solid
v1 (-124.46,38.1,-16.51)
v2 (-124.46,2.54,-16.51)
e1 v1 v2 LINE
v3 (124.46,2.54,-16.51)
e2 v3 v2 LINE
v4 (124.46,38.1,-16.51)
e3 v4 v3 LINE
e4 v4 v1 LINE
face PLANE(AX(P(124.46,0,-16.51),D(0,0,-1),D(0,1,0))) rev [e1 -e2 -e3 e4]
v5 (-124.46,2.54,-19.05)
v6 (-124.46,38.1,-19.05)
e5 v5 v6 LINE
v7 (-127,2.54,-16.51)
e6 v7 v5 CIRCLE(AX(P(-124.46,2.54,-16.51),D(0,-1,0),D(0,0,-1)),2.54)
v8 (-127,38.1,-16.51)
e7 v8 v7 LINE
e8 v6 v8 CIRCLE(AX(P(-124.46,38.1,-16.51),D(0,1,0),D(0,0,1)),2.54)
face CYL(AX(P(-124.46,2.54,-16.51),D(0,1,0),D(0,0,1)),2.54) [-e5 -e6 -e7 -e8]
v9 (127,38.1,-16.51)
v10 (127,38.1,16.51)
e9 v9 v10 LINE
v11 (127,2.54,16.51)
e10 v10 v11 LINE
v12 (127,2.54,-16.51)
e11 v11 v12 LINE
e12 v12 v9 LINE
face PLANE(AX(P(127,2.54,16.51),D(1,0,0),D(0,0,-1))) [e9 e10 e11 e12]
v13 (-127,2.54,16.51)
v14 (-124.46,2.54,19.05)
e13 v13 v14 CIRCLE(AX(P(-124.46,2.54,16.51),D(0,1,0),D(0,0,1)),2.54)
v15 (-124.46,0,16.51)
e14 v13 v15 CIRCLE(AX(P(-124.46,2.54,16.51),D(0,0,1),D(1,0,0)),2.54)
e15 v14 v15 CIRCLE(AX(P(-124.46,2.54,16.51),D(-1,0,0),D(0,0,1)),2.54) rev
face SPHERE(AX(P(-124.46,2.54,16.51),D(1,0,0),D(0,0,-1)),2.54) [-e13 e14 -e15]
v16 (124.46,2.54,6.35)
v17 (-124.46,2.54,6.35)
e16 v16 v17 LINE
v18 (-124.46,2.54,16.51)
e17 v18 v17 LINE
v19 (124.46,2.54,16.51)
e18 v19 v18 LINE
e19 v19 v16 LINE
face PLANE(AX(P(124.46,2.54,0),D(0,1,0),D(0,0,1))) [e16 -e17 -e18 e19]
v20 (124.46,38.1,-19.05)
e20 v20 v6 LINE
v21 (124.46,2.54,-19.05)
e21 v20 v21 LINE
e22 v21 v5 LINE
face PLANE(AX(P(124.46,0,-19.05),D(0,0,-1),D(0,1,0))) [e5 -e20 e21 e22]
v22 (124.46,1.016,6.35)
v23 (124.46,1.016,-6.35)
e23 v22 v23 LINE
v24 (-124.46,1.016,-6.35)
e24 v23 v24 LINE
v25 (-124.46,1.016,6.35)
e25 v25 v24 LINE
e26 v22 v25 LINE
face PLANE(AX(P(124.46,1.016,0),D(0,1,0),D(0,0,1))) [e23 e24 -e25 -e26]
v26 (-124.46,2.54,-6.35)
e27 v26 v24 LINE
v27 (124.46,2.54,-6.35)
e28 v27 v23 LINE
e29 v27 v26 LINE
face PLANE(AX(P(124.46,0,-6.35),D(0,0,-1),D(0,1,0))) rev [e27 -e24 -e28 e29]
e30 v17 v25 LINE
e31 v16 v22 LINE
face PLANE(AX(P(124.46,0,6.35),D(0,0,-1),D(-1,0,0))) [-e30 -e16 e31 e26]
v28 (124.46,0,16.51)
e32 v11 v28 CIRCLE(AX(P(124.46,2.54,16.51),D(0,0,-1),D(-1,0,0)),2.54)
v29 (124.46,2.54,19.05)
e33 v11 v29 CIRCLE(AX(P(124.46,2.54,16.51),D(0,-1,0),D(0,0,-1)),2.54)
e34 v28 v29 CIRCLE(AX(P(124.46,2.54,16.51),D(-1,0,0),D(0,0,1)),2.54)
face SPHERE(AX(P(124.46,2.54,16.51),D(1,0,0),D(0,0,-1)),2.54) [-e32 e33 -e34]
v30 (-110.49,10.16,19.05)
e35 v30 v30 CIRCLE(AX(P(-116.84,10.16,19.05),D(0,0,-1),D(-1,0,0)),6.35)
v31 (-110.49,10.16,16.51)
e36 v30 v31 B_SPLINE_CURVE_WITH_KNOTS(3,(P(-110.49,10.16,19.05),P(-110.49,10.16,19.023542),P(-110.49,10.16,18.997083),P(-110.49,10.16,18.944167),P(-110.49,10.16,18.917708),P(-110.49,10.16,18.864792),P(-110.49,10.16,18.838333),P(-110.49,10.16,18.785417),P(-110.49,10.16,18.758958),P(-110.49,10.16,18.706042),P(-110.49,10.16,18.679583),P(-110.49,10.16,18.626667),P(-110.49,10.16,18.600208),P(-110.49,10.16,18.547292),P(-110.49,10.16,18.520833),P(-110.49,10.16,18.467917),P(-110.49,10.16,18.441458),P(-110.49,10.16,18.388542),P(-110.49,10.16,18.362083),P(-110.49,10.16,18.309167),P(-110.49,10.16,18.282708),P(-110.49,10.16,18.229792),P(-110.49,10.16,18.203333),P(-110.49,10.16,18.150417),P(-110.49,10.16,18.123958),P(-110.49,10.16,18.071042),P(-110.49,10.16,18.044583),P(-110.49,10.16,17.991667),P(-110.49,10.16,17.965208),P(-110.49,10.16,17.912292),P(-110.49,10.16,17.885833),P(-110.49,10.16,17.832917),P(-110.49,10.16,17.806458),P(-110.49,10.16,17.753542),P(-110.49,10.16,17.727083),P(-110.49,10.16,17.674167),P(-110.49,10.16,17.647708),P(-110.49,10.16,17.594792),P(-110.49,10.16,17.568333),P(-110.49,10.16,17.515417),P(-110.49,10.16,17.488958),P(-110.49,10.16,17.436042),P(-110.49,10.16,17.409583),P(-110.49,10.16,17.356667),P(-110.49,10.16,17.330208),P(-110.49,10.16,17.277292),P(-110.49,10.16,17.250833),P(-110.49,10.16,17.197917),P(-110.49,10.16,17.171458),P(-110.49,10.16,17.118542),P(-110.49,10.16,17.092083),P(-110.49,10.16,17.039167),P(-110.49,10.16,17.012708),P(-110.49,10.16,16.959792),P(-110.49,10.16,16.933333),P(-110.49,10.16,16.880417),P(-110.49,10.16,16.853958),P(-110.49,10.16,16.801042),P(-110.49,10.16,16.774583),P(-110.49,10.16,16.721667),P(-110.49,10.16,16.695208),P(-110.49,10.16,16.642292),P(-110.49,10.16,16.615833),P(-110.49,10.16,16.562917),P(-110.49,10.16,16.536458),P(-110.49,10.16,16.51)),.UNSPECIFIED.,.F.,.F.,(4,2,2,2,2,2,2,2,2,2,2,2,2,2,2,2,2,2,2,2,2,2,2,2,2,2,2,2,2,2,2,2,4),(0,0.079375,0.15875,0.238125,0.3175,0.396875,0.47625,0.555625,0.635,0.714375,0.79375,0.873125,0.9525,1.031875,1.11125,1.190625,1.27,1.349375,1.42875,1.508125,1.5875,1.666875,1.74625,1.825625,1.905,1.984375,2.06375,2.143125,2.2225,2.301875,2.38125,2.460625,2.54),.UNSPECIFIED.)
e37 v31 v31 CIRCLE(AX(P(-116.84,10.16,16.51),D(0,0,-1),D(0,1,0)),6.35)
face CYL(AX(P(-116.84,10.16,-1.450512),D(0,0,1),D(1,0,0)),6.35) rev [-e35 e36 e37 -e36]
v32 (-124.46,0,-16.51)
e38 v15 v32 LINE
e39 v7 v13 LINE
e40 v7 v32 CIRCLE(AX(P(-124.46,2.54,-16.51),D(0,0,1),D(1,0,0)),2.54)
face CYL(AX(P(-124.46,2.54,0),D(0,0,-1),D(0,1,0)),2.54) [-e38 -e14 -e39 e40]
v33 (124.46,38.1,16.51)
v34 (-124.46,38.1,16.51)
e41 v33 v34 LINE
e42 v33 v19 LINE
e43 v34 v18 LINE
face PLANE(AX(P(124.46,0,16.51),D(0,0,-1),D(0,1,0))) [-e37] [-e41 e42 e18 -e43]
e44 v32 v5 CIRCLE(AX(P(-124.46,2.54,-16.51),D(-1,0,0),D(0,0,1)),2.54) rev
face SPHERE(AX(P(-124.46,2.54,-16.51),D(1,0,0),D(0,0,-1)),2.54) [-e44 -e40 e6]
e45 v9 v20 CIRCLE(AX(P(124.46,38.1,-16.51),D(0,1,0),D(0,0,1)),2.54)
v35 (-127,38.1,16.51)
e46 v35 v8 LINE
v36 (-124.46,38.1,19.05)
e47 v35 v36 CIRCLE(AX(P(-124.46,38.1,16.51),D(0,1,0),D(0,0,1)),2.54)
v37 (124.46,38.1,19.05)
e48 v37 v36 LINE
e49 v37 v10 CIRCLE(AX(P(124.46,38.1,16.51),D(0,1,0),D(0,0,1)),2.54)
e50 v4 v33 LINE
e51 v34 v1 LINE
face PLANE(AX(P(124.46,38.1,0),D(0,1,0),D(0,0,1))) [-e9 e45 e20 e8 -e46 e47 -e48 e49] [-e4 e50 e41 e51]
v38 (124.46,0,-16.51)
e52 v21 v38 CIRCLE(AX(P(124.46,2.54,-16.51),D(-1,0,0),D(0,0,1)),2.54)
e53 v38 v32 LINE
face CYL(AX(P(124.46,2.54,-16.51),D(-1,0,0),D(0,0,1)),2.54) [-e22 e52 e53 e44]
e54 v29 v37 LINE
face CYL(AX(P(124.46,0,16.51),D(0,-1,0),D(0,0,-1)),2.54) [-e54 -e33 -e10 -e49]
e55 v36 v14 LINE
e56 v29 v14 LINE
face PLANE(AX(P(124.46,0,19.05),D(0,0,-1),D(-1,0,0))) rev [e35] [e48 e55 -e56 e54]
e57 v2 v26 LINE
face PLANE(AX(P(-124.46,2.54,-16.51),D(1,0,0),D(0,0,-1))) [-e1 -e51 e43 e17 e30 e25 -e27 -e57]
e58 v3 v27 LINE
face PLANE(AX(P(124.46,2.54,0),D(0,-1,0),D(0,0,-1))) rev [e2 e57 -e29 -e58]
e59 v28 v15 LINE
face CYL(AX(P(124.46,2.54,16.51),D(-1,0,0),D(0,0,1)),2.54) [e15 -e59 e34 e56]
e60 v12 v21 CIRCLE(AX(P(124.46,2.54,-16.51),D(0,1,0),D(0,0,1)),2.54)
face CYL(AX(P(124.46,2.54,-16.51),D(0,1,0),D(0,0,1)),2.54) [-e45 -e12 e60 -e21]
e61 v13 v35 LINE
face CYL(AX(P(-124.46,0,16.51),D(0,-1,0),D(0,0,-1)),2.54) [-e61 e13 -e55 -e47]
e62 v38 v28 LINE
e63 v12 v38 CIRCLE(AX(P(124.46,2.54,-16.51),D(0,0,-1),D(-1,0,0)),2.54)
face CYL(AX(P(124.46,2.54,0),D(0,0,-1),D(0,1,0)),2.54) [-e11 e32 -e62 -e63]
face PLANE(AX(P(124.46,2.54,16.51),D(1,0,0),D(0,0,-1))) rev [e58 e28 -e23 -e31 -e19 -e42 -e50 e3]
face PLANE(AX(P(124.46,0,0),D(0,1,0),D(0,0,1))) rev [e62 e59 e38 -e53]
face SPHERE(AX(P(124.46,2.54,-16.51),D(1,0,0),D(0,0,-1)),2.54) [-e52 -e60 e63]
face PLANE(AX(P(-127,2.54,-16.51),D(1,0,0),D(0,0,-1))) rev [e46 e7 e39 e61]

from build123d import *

# Parameters (mm, degrees)
BOSS_EXTRUDE1_DEPTH = 124.46
BOSS_EXTRUDE2_START = 127
BOSS_EXTRUDE2_DEPTH = 2.54
BOSS_EXTRUDE3_START = -124.46
BOSS_EXTRUDE3_DEPTH = 2.54
CUT_EXTRUDE1_START  = 19.05
SKETCH4_R           = 6.35
CUT_EXTRUDE1_DEPTH  = 2.54
FILLET1_R           = 2.54
FILLET2_R           = 2.54


with BuildPart() as part:
    # Sketch1 → Boss-Extrude1 (new, symmetric)
    with BuildSketch(Plane(origin=(0, 0, 0), x_dir=(0, 0, -1), z_dir=(1, 0, 0))):
        with BuildLine():
            Line((-16.51, 38.1), (-19.05, 38.1))
            Line((-19.05, 38.1), (-19.05, 2.54))
            ThreePointArc((-19.05, 2.54), (-18.306051224, 0.743948776), (-16.51, 0))
            Line((-16.51, 0), (0, 0))
            Line((0, 0), (0, 1.016))
            Line((0, 1.016), (-6.35, 1.016))
            Line((-6.35, 1.016), (-6.35, 2.54))
            Line((-6.35, 2.54), (-16.51, 2.54))
            Line((-16.51, 2.54), (-16.51, 38.1))
        make_face()
        with BuildLine():
            Line((0, 1.016), (0, 0))
            Line((0, 0), (16.51, 0))
            ThreePointArc((16.51, 0), (18.306051224, 0.743948776), (19.05, 2.54))
            Line((19.05, 2.54), (19.05, 38.1))
            Line((19.05, 38.1), (16.51, 38.1))
            Line((16.51, 38.1), (16.51, 2.54))
            Line((16.51, 2.54), (6.35, 2.54))
            Line((6.35, 2.54), (6.35, 1.016))
            Line((6.35, 1.016), (0, 1.016))
        make_face()
    extrude(amount=BOSS_EXTRUDE1_DEPTH, both=True)

    # Sketch3 → Boss-Extrude2 (add)
    with BuildSketch(Plane(origin=(0, 0, 0), x_dir=(0, 0, -1), z_dir=(1, 0, 0)).offset(BOSS_EXTRUDE2_START)):
        with BuildLine():
            Line((0, 38.1), (-19.05, 38.1))
            Line((-19.05, 38.1), (-19.05, 2.54))
            ThreePointArc((-19.05, 2.54), (-18.306051224, 0.743948776), (-16.51, 0))
            Line((-16.51, 0), (0, 0))
            Line((0, 0), (0, 38.1))
        make_face()
        with BuildLine():
            Line((19.05, 38.1), (0, 38.1))
            Line((0, 38.1), (0, 0))
            Line((0, 0), (16.51, 0))
            ThreePointArc((16.51, 0), (18.306051224, 0.743948776), (19.05, 2.54))
            Line((19.05, 2.54), (19.05, 38.1))
        make_face()
    extrude(amount=-BOSS_EXTRUDE2_DEPTH)

    # Sketch3<4> → Boss-Extrude3 (add)
    with BuildSketch(Plane(origin=(0, 0, 0), x_dir=(0, 0, -1), z_dir=(1, 0, 0)).offset(BOSS_EXTRUDE3_START)):
        with BuildLine():
            Line((0, 38.1), (-19.05, 38.1))
            Line((-19.05, 38.1), (-19.05, 2.54))
            ThreePointArc((-19.05, 2.54), (-18.306051224, 0.743948776), (-16.51, 0))
            Line((-16.51, 0), (0, 0))
            Line((0, 0), (0, 38.1))
        make_face()
        with BuildLine():
            Line((19.05, 38.1), (0, 38.1))
            Line((0, 38.1), (0, 0))
            Line((0, 0), (16.51, 0))
            ThreePointArc((16.51, 0), (18.306051224, 0.743948776), (19.05, 2.54))
            Line((19.05, 2.54), (19.05, 38.1))
        make_face()
    extrude(amount=-BOSS_EXTRUDE3_DEPTH)

    # Sketch4 → Cut-Extrude1 (cut)
    with BuildSketch(Plane.XY.offset(CUT_EXTRUDE1_START)):
        with Locations((-116.84, 10.16)):
            Circle(SKETCH4_R)
    extrude(amount=-CUT_EXTRUDE1_DEPTH, mode=Mode.SUBTRACT)

    # Fillet1
    fillet1_edges = [part.edges().sort_by_distance(p)[0] for p in [
        (-127, 0.743948776, -18.306051224),
        (-127, 0, 0),
        (-127, 0.743948776, 18.306051224),
        (-127, 20.32, 19.05),
        (-127, 20.32, -19.05),
    ]]
    fillet(fillet1_edges, radius=FILLET1_R)

    # Fillet2
    fillet2_edges = [part.edges().sort_by_distance(p)[0] for p in [
        (127, 0, 0),
        (127, 20.32, 19.05),
        (127, 0.743948776, -18.306051224),
        (127, 20.32, -19.05),
        (127, 0.743948776, 18.306051224),
    ]]
    fillet(fillet2_edges, radius=FILLET2_R)


solid = part.part
